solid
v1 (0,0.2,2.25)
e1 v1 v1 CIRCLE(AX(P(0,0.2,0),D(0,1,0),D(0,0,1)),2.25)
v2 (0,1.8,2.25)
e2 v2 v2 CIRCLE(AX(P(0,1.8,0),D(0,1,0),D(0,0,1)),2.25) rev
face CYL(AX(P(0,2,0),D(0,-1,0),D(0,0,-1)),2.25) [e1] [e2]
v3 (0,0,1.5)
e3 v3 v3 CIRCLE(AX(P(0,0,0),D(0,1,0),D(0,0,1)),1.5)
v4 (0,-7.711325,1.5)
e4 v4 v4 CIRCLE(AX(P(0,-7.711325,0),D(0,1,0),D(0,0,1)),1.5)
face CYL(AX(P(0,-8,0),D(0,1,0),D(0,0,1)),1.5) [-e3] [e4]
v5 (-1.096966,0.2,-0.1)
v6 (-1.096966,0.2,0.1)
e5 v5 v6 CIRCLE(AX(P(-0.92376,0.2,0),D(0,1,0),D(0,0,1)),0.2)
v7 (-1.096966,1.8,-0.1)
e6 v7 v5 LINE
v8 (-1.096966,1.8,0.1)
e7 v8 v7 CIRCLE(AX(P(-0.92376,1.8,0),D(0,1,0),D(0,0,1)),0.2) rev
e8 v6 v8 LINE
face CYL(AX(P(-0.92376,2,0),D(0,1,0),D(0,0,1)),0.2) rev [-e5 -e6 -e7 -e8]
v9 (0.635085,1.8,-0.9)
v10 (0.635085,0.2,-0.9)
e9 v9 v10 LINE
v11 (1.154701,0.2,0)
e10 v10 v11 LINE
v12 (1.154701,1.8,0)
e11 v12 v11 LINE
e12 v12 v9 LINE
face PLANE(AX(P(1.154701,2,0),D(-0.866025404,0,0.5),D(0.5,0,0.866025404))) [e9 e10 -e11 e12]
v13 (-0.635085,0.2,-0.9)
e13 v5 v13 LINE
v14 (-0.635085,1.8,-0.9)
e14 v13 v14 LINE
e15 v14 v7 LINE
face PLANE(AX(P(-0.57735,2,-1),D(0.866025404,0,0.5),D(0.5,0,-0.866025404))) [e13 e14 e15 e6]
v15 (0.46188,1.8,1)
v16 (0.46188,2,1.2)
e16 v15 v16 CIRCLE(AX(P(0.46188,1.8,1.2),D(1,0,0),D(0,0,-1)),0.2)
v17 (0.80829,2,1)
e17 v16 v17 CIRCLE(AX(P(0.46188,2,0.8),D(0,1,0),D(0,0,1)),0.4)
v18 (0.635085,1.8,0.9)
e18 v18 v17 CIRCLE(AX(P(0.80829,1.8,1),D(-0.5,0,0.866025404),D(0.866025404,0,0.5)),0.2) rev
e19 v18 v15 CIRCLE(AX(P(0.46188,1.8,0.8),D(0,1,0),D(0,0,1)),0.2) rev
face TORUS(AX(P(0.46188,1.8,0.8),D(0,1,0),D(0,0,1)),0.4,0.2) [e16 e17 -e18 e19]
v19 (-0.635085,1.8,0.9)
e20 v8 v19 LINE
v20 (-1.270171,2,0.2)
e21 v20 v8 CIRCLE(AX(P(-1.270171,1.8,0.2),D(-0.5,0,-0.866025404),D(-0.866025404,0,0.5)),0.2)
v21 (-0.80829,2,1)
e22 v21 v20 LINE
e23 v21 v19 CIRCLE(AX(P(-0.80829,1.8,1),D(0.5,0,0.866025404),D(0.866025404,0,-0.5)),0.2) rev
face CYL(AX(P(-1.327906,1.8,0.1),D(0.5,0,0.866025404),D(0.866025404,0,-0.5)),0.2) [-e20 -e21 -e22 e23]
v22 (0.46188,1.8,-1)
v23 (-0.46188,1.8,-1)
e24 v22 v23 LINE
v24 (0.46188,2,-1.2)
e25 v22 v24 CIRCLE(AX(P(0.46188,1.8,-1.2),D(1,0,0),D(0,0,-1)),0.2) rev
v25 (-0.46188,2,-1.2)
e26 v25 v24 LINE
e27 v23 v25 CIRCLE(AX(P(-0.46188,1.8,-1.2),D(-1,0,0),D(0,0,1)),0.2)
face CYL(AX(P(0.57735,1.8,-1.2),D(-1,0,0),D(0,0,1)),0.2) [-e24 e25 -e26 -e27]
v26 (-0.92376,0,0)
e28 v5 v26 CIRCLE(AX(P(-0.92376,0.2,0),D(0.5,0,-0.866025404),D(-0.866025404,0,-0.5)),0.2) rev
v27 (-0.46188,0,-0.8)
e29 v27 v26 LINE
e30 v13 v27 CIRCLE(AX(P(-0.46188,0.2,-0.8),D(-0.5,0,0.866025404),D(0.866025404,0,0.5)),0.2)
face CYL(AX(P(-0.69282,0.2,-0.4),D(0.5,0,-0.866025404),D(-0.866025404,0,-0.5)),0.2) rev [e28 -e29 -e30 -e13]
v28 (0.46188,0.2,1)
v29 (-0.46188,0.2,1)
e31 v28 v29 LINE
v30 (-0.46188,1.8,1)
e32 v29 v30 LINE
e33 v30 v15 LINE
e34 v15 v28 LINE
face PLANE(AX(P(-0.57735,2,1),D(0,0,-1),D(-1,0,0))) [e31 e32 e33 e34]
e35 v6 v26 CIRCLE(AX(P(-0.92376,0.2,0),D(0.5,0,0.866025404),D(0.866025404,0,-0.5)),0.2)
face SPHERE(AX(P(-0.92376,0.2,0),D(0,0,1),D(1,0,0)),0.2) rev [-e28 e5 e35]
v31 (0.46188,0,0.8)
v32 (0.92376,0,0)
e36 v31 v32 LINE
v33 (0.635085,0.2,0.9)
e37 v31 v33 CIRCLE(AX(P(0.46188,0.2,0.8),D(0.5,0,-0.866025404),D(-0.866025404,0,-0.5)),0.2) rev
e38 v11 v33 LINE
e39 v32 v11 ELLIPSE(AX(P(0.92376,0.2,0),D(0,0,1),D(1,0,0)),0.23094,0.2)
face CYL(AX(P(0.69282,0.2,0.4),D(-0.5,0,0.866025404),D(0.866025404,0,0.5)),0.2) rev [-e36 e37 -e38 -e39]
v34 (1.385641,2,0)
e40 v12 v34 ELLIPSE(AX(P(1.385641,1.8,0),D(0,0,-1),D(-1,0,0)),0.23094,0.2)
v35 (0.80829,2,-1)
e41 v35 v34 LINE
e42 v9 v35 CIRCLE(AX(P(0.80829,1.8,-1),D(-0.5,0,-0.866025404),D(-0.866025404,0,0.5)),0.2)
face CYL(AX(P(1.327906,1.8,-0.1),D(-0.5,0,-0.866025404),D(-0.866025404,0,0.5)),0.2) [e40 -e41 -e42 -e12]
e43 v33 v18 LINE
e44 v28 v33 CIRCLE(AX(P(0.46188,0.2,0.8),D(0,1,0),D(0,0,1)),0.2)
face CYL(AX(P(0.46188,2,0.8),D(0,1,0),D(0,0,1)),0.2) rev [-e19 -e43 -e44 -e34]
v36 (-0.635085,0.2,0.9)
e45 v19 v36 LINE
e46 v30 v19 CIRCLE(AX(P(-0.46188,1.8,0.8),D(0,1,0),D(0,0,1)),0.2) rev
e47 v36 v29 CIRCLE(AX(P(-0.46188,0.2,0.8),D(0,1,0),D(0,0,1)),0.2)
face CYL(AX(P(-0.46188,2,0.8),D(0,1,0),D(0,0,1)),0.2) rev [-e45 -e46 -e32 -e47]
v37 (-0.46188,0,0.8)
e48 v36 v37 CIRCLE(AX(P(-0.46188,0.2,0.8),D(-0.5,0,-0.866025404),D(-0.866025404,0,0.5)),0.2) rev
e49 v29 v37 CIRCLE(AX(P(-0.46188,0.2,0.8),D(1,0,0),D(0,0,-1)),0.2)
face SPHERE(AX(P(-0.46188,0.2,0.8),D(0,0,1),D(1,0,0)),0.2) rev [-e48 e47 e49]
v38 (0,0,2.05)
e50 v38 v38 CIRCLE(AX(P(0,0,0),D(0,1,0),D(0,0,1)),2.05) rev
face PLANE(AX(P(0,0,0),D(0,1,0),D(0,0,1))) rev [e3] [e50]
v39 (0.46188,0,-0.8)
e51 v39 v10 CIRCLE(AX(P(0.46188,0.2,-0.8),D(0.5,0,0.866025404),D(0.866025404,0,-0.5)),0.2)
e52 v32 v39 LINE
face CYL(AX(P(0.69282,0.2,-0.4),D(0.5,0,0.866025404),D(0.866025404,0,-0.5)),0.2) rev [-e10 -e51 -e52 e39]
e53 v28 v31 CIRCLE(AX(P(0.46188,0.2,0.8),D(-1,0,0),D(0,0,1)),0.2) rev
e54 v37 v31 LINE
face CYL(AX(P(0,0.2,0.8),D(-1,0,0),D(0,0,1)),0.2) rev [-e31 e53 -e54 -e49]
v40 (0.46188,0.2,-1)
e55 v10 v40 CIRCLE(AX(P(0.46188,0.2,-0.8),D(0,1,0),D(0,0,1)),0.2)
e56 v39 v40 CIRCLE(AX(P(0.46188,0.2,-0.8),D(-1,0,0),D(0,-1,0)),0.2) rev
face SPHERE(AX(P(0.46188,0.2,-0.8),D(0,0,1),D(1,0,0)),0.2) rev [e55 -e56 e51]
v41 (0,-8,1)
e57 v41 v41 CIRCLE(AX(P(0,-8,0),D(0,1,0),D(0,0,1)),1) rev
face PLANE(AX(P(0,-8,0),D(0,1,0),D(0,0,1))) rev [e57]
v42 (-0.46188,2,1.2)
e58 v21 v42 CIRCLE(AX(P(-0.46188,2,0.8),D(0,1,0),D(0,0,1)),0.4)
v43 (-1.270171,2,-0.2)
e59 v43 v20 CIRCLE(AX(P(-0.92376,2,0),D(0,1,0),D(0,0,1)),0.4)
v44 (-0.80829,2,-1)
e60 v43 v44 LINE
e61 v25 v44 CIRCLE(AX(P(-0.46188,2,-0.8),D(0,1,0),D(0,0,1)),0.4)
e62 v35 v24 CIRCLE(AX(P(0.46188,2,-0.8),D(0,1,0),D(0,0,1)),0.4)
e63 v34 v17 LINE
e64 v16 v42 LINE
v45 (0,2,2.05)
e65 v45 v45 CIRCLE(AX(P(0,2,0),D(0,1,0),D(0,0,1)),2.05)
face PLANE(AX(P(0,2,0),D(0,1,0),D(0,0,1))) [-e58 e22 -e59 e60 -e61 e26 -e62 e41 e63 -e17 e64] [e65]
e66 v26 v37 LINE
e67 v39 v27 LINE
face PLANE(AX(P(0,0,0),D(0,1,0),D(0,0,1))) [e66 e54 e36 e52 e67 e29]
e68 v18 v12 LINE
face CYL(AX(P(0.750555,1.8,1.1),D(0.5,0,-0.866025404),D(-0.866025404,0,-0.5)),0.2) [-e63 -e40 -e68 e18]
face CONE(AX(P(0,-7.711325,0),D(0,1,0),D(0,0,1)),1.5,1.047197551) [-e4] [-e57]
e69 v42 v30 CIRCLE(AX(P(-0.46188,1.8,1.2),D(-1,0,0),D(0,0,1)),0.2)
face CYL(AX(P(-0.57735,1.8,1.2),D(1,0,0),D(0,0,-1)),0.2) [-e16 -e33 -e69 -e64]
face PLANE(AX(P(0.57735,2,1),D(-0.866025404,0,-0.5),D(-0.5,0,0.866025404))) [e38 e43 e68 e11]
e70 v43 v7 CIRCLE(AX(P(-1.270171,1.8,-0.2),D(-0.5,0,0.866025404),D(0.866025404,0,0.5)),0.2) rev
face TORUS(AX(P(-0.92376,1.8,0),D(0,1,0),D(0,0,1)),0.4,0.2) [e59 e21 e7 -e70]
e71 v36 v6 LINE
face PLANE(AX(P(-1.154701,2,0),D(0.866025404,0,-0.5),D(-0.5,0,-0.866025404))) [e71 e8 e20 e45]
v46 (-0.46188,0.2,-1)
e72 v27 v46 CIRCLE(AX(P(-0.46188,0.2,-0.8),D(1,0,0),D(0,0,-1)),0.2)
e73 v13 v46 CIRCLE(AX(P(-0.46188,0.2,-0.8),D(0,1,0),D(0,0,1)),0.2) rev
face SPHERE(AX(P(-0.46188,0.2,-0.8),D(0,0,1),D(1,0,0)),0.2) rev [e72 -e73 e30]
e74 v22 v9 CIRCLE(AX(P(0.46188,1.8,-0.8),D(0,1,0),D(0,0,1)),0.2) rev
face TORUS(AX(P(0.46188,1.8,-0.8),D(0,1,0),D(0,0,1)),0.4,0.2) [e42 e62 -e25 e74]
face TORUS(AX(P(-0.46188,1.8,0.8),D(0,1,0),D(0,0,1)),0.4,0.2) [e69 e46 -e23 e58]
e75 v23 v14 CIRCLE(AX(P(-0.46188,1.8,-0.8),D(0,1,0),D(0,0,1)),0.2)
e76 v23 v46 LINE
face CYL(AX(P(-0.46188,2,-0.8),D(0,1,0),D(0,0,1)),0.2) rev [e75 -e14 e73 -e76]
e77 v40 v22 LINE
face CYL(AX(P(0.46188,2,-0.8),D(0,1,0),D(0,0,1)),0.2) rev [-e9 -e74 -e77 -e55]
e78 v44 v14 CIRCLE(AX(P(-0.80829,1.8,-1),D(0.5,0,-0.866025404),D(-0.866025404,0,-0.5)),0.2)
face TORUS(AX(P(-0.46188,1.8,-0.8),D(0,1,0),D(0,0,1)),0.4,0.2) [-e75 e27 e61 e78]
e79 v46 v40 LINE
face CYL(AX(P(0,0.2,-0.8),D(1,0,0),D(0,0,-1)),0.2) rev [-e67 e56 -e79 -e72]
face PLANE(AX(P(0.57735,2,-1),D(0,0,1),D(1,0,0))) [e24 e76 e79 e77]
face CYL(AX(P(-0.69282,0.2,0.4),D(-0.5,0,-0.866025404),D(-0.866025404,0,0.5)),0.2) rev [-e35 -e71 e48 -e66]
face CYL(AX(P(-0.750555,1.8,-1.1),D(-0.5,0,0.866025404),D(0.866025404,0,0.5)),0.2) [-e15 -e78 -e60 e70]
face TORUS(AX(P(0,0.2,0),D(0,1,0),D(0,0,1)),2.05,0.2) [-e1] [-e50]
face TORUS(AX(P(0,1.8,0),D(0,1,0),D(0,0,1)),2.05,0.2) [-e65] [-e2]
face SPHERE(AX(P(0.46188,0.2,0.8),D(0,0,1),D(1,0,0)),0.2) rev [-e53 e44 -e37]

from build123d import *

# Parameters (mm, degrees)
HEAD_SKETCH_R                  = 2.25
HEAD_DEPTH                     = 2
THREADED_SECTION_STUB_SKETCH_R = 1.5
THREADED_SECTION_DEPTH         = 8
END_OF_BOLT_CHAMFER_SIZE       = 0.5
END_OF_BOLT_CHAMFER_SIZE2      = 0.288675135
COSMETIC_FILLETS_R             = 0.2


with BuildPart() as part:
    # Head Sketch → Head (new body)
    with BuildSketch(Plane(origin=(0, 0, 0), x_dir=(1, 0, 0), z_dir=(0, 1, 0))):
        with Locations(Location((0, 0, 0), (0, 0, 270))):
            Circle(HEAD_SKETCH_R)
        Polygon((-0.577350269, 1), (-1.154700538, 0), (-0.577350269, -1), (0.577350269, -1), (1.154700538, 0), (0.577350269, 1), align=None, mode=Mode.SUBTRACT)
    extrude(amount=HEAD_DEPTH)

    # Threaded Section Stub Sketch → Threaded Section (add)
    with BuildSketch(Plane(origin=(0, 0, 0), x_dir=(1, 0, 0), z_dir=(0, 1, 0))):
        with Locations(Location((0, 0, 0), (0, 0, 270))):
            Circle(THREADED_SECTION_STUB_SKETCH_R)
    extrude(amount=-THREADED_SECTION_DEPTH)

    # End Of Bolt chamfer
    end_of_bolt_chamfer_edges = [part.edges().sort_by_distance(p)[0] for p in [
        (0, -8, -1.5),
    ]]
    end_of_bolt_chamfer_side = [part.faces().sort_by_distance(p)[0] for p in [
        (0, -8, 0),
    ]]
    chamfer(end_of_bolt_chamfer_edges, length=END_OF_BOLT_CHAMFER_SIZE, length2=END_OF_BOLT_CHAMFER_SIZE2, reference=end_of_bolt_chamfer_side[0])

    # Cosmetic Fillets
    cosmetic_fillets_edges = [part.edges().sort_by_distance(p)[0] for p in [
        (-0.577350269, 1, -1),
        (-0.8660254037844384, 0, 0.5000000000000003),
        (-1.154700538, 1, 0),
        (0, 0, 1),
        (-0.577350269, 1, 1),
        (0.8660254037844388, 0, 0.4999999999999998),
        (0.577350269, 1, 1),
        (0.8660254037844388, 0, -0.5000000000000002),
        (0, 2, -1),
        (-0.866025404, 2, -0.5),
        (-0.866025404, 2, 0.5),
        (0, 2, 1),
        (0.866025404, 2, 0.5),
        (0.866025404, 2, -0.5),
        (0, 0, -2.25),
        (0, 2, -2.25),
        (0, 0, -1),
        (0.577350269, 1, -1),
        (-0.8660254037844386, 0, -0.4999999999999998),
    ]]
    fillet(cosmetic_fillets_edges, radius=COSMETIC_FILLETS_R)


solid = part.part
